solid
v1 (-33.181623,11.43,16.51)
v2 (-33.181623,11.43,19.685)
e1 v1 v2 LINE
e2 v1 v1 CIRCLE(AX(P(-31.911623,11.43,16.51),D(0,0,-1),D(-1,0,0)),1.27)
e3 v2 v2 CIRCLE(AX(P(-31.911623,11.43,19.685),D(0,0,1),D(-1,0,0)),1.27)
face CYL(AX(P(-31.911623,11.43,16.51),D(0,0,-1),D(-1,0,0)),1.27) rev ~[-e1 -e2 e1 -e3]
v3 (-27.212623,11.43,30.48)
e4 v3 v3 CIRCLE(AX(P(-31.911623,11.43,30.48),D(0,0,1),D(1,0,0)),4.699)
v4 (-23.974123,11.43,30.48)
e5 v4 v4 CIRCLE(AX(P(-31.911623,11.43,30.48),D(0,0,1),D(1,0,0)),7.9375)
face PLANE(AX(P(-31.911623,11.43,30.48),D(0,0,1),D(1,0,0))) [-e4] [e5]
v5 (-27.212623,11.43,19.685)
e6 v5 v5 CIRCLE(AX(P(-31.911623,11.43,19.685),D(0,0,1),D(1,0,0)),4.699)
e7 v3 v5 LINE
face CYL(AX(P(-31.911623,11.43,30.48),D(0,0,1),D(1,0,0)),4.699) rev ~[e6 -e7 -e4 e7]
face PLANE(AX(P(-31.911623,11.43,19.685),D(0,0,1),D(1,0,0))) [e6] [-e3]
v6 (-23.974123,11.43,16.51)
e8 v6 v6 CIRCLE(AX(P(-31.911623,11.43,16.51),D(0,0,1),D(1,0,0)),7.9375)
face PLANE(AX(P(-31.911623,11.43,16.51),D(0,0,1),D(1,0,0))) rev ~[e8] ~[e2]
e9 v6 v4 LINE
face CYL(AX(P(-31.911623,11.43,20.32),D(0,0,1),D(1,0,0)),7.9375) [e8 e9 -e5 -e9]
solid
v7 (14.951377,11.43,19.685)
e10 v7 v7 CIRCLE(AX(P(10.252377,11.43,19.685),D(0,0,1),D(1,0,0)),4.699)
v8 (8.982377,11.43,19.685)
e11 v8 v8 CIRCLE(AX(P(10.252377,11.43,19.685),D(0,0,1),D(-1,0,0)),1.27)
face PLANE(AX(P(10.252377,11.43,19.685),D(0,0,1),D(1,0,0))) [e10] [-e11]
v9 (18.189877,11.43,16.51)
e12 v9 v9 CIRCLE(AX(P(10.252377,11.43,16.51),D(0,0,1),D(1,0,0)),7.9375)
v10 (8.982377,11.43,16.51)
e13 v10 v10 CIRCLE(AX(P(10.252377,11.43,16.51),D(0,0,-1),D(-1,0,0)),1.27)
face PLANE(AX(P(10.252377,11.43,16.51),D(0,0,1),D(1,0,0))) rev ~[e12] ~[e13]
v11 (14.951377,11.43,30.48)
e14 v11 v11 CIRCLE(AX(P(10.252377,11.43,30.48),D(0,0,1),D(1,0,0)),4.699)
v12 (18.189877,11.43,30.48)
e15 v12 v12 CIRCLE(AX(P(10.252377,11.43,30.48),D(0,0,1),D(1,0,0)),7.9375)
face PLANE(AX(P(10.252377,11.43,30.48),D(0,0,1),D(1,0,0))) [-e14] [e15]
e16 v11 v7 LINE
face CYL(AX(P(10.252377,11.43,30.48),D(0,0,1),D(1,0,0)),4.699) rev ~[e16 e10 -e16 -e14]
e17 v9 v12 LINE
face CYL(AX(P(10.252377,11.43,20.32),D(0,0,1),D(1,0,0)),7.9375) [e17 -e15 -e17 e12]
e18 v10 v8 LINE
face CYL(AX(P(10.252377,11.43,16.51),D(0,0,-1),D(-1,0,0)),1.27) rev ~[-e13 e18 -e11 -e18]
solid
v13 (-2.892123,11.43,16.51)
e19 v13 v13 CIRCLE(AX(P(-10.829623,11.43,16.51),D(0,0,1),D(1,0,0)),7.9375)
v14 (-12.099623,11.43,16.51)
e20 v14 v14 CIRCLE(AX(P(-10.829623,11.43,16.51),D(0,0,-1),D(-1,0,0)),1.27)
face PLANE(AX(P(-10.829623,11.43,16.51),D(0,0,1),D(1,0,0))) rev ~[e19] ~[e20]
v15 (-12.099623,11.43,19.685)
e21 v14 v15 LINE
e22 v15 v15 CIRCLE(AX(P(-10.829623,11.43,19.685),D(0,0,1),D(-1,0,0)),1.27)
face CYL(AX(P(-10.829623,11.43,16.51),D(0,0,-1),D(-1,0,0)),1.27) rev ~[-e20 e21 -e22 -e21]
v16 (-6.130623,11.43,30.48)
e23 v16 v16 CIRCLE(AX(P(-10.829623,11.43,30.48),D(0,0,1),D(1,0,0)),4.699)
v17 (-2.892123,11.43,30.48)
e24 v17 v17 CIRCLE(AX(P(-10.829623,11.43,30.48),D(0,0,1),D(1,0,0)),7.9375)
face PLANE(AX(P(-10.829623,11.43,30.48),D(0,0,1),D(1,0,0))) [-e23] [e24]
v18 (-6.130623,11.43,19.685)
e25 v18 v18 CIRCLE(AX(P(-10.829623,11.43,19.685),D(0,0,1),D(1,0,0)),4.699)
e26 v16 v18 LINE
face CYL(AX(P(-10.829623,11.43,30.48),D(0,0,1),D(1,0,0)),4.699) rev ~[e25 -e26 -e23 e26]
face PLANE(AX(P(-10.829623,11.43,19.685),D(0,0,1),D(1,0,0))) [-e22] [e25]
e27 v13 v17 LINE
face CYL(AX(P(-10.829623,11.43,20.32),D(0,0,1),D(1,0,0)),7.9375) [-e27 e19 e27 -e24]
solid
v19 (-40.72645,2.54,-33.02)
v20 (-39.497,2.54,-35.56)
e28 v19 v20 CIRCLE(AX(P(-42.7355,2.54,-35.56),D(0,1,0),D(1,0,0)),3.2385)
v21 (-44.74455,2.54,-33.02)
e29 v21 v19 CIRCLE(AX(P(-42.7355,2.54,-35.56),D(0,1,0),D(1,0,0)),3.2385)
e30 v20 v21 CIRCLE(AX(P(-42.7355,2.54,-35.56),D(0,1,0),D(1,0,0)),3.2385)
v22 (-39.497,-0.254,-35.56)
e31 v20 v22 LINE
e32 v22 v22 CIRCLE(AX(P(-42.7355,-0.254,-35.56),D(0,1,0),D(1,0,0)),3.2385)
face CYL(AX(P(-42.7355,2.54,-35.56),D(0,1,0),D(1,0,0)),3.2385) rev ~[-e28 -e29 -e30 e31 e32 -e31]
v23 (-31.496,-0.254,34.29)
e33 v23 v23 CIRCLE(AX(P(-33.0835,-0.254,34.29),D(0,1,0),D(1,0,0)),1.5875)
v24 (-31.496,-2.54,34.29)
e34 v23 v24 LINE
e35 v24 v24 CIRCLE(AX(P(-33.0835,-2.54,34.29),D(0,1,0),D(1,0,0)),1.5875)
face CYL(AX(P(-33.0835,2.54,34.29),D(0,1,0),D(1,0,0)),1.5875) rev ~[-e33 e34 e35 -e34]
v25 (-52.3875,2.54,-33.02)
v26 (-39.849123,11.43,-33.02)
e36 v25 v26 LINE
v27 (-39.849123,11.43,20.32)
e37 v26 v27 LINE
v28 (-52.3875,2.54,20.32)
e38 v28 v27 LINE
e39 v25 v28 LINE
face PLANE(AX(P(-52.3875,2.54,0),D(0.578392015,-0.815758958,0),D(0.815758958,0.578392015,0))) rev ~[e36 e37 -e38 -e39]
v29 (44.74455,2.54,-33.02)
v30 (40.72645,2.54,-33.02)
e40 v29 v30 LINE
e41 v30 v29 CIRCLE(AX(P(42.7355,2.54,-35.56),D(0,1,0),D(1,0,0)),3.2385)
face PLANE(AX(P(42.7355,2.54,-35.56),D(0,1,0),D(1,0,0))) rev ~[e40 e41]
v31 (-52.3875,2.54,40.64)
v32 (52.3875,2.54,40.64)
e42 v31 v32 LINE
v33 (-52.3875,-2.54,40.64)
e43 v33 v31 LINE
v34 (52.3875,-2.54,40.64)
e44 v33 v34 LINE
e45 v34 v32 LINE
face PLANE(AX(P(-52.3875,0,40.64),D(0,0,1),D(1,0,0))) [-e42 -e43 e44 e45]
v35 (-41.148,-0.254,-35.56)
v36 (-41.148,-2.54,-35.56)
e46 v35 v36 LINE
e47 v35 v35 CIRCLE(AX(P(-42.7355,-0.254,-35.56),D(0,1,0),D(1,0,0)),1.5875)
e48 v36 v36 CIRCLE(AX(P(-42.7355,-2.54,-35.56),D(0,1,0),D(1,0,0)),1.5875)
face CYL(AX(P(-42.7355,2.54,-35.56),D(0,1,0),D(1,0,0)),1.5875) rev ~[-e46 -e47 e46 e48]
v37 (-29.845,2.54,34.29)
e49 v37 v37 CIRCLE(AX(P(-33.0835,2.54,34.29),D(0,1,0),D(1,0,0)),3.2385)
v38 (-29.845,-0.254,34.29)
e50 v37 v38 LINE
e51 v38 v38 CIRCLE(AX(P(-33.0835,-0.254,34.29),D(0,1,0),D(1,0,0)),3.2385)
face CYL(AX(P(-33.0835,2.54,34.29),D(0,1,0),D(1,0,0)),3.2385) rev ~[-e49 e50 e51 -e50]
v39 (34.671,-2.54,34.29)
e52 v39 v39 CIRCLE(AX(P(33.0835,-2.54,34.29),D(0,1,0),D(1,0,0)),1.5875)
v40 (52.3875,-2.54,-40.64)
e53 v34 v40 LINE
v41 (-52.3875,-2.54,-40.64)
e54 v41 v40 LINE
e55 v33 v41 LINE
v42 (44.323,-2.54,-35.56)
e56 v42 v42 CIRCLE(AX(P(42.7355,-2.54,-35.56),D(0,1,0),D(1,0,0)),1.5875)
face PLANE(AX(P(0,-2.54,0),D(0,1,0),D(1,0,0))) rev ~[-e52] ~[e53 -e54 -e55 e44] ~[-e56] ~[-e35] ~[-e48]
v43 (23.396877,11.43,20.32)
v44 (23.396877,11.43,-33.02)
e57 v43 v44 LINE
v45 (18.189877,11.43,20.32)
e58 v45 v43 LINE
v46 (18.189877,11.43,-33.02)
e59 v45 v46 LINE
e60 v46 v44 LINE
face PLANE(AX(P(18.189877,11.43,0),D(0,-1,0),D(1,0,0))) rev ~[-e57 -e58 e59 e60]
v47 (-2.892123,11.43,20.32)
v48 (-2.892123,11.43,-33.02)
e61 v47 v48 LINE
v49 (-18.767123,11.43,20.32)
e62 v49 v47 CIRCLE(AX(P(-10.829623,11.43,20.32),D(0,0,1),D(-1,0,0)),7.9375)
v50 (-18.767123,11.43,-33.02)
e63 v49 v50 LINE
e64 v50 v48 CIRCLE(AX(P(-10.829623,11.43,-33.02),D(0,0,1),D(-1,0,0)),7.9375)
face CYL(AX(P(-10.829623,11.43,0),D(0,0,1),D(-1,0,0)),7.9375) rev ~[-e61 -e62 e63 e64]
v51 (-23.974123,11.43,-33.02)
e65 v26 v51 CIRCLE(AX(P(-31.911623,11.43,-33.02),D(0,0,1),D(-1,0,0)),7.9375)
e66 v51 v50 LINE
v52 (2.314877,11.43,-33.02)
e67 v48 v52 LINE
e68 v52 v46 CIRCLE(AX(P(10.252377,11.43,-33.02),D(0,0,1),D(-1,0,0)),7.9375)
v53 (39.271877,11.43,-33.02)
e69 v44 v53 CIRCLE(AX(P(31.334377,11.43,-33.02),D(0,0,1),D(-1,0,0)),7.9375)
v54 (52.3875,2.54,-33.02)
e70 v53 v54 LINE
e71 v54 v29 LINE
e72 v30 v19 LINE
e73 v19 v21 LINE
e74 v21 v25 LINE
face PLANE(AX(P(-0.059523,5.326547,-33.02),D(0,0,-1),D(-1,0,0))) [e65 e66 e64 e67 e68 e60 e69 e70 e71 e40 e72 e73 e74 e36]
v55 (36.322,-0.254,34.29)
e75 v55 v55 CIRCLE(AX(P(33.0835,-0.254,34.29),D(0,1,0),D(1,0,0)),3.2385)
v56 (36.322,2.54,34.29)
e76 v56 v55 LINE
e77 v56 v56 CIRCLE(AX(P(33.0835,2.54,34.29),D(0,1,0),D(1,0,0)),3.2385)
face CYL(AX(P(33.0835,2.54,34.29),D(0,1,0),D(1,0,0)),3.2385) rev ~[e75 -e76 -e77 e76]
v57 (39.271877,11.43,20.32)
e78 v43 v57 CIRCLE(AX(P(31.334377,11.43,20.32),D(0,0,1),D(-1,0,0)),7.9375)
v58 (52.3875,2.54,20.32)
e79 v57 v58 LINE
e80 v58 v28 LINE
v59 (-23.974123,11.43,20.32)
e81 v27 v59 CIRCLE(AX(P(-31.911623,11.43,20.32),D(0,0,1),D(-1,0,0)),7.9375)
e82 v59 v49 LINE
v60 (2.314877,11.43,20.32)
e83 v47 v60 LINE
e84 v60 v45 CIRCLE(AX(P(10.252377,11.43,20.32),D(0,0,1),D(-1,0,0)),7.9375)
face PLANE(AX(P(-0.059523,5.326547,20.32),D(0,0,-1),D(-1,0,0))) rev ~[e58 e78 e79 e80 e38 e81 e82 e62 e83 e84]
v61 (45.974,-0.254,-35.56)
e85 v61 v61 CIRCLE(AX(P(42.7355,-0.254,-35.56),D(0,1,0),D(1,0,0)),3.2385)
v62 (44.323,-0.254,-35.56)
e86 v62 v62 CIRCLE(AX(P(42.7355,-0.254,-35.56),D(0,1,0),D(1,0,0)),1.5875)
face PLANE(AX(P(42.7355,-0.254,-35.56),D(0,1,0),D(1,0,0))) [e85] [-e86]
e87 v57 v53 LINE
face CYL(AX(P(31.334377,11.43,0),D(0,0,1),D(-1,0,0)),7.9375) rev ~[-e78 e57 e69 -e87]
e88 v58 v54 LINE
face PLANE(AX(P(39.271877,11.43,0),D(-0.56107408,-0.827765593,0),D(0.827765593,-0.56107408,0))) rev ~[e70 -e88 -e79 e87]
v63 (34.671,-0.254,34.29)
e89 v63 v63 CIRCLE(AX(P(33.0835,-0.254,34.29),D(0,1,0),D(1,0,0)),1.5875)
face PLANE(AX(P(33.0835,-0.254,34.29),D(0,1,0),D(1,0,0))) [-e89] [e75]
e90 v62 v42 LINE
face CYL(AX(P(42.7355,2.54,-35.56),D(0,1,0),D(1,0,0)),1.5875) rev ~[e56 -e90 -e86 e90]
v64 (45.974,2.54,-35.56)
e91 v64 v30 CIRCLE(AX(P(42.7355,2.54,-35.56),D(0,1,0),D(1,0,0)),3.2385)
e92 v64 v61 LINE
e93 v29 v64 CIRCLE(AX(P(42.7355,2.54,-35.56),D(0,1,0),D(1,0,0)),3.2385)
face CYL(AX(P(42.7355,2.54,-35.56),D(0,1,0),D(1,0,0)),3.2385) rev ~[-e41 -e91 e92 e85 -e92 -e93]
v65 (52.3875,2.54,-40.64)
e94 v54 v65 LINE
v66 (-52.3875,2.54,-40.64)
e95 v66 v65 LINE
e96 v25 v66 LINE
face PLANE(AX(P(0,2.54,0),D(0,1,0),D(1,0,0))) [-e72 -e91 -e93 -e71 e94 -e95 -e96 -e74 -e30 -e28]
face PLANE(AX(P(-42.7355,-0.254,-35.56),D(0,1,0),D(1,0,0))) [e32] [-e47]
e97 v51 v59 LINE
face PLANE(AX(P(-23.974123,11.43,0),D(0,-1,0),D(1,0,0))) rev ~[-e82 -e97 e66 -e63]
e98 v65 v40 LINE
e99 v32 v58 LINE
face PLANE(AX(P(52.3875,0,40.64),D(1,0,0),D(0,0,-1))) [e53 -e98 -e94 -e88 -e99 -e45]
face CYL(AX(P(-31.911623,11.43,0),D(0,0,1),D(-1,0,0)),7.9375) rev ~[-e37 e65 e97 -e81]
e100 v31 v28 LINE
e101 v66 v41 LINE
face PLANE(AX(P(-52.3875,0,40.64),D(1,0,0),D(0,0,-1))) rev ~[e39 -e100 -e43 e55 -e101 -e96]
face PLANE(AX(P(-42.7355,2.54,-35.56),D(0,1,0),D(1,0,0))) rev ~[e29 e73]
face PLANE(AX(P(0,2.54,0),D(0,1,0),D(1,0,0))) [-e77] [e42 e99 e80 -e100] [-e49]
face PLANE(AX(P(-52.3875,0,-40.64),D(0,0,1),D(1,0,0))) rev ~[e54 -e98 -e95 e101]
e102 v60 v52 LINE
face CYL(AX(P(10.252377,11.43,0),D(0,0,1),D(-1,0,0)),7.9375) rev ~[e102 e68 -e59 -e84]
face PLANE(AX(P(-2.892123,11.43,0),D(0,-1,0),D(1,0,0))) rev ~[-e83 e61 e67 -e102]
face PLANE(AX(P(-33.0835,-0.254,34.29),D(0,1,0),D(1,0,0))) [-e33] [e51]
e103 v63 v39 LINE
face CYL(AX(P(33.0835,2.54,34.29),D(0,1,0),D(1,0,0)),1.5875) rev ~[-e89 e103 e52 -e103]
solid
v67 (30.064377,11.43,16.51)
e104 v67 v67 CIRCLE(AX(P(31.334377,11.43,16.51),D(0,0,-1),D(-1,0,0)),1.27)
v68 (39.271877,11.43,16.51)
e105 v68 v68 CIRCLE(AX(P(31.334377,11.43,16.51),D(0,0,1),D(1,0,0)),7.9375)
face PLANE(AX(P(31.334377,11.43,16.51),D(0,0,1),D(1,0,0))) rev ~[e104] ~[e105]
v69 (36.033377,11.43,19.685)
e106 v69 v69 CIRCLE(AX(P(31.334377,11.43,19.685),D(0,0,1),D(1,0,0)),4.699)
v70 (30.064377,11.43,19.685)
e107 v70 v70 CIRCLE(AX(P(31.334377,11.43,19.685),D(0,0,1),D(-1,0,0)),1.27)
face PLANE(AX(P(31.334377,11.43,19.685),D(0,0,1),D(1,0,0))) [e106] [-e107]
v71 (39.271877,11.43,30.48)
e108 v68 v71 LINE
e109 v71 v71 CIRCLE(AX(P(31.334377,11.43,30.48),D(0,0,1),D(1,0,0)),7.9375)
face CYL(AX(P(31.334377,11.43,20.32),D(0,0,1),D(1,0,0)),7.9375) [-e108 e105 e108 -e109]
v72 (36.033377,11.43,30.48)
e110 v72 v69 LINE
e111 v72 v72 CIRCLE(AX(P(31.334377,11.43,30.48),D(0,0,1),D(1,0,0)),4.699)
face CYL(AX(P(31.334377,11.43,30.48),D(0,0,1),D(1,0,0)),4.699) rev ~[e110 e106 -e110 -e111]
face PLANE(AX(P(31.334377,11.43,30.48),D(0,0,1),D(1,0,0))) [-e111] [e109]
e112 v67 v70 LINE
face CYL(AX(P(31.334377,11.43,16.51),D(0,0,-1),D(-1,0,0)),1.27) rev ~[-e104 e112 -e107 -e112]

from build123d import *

# Parameters (mm, degrees)
SKETCH1_W                  = 104.775
SKETCH1_H                  = 81.28
BOSS_EXTRUDE1_DEPTH        = 2.54
CUT_EXTRUDE1_REACH         = 7.08
SKETCH2_R                  = 1.5875
BOSS_EXTRUDE7_DEPTH        = 20.32
BOSS_EXTRUDE7_DEPTH_BACK   = 33.02
SKETCH8_R                  = 7.9375
BOSS_EXTRUDE8_DEPTH        = 10.16
BOSS_EXTRUDE8_DEPTH_BACK   = 3.81
BOSS_EXTRUDE8_2_DEPTH      = 10.16
BOSS_EXTRUDE8_2_DEPTH_BACK = 3.81
BOSS_EXTRUDE8_3_DEPTH      = 10.16
BOSS_EXTRUDE8_3_DEPTH_BACK = 3.81
BOSS_EXTRUDE8_4_DEPTH      = 10.16
BOSS_EXTRUDE8_4_DEPTH_BACK = 3.81
SKETCH11_R                 = 3.2385
CUT_EXTRUDE4_DEPTH         = 2.794
SKETCH9_R                  = 1.27
CUT_EXTRUDE2_DEPTH         = 13.97
SKETCH10_R                 = 4.699
SKETCH10_R_2               = 1.27
CUT_EXTRUDE3_DEPTH         = 10.795


with BuildPart() as part:
    # Sketch1 → Boss-Extrude1 (new body, symmetric)
    with BuildSketch(Plane(origin=(0, 0, 0), x_dir=(1, 0, 0), z_dir=(0, 1, 0))):
        Rectangle(SKETCH1_W, SKETCH1_H)
    extrude(amount=BOSS_EXTRUDE1_DEPTH, both=True)

    # Sketch2 → Cut-Extrude1 (cut, up to next)
    with BuildSketch(Plane(origin=(0, 2.54, 0), x_dir=(1, 0, 0), z_dir=(0, 1, 0)), mode=Mode.PRIVATE) as cut_extrude1_sk1:
        with Locations((-33.0835, -34.29)):
            Circle(SKETCH2_R)
    cut_extrude1_tool1 = extrude(cut_extrude1_sk1.sketch, amount=-CUT_EXTRUDE1_REACH, mode=Mode.PRIVATE) & part.part
    add(cut_extrude1_tool1.solids().sort_by_distance((-33.0835, 2.54, 34.29))[0], mode=Mode.SUBTRACT)
    # Sketch2 → Cut-Extrude1 (cut, up to next)
    with BuildSketch(Plane(origin=(0, 2.54, 0), x_dir=(1, 0, 0), z_dir=(0, 1, 0)), mode=Mode.PRIVATE) as cut_extrude1_sk2:
        with Locations((33.0835, -34.29)):
            Circle(SKETCH2_R)
    cut_extrude1_tool2 = extrude(cut_extrude1_sk2.sketch, amount=-CUT_EXTRUDE1_REACH, mode=Mode.PRIVATE) & part.part
    add(cut_extrude1_tool2.solids().sort_by_distance((33.0835, 2.54, 34.29))[0], mode=Mode.SUBTRACT)
    # Sketch2 → Cut-Extrude1 (cut, up to next)
    with BuildSketch(Plane(origin=(0, 2.54, 0), x_dir=(1, 0, 0), z_dir=(0, 1, 0)), mode=Mode.PRIVATE) as cut_extrude1_sk3:
        with Locations((42.7355, 35.56)):
            Circle(SKETCH2_R)
    cut_extrude1_tool3 = extrude(cut_extrude1_sk3.sketch, amount=-CUT_EXTRUDE1_REACH, mode=Mode.PRIVATE) & part.part
    add(cut_extrude1_tool3.solids().sort_by_distance((42.7355, 2.54, -35.56))[0], mode=Mode.SUBTRACT)
    # Sketch2 → Cut-Extrude1 (cut, up to next)
    with BuildSketch(Plane(origin=(0, 2.54, 0), x_dir=(1, 0, 0), z_dir=(0, 1, 0)), mode=Mode.PRIVATE) as cut_extrude1_sk4:
        with Locations((-42.7355, 35.56)):
            Circle(SKETCH2_R)
    cut_extrude1_tool4 = extrude(cut_extrude1_sk4.sketch, amount=-CUT_EXTRUDE1_REACH, mode=Mode.PRIVATE) & part.part
    add(cut_extrude1_tool4.solids().sort_by_distance((-42.7355, 2.54, -35.56))[0], mode=Mode.SUBTRACT)

    # Sketch7 → Boss-Extrude7 (add, two sides)
    with BuildSketch(Plane.XY) as boss_extrude7_sk:
        with BuildLine():
            Line((-23.974123011, 11.43), (-18.767123011, 11.43))
            ThreePointArc((-18.767123011, 11.43), (-10.829623011, 3.4925), (-2.892123011, 11.43))
            Line((-2.892123011, 11.43), (2.314876989, 11.43))
            ThreePointArc((2.314876989, 11.43), (10.252376989, 3.4925), (18.189876989, 11.43))
            Line((18.189876989, 11.43), (23.396876989, 11.43))
            ThreePointArc((23.396876989, 11.43), (31.334376989, 3.4925), (39.271876989, 11.43))
            Line((39.271876989, 11.43), (52.3875, 2.54))
            Line((52.3875, 2.54), (-52.3875, 2.54))
            Line((-52.3875, 2.54), (-39.849123011, 11.43))
            ThreePointArc((-39.849123011, 11.43), (-31.911623011, 3.4925), (-23.974123011, 11.43))
        make_face()
    extrude(amount=BOSS_EXTRUDE7_DEPTH)
    extrude(boss_extrude7_sk.sketch, amount=-BOSS_EXTRUDE7_DEPTH_BACK)

    # Sketch11 → Cut-Extrude4 (cut)
    with BuildSketch(Plane(origin=(0, 2.54, 0), x_dir=(1, 0, 0), z_dir=(0, 1, 0))):
        with Locations((-33.0835, -34.29)):
            Circle(SKETCH11_R)
        with Locations((33.0835, -34.29)):
            Circle(SKETCH11_R)
        with Locations((42.7355, 35.56)):
            Circle(SKETCH11_R)
        with Locations((-42.7355, 35.56)):
            Circle(SKETCH11_R)
    extrude(amount=-CUT_EXTRUDE4_DEPTH, mode=Mode.SUBTRACT)


with BuildPart() as body_2:
    # Sketch8 → Boss-Extrude8 (new body, two sides)
    with BuildSketch(Plane.XY.offset(20.32)) as boss_extrude8_sk:
        with Locations((-31.911623011, 11.43)):
            Circle(SKETCH8_R)
    extrude(amount=BOSS_EXTRUDE8_DEPTH)
    extrude(boss_extrude8_sk.sketch, amount=-BOSS_EXTRUDE8_DEPTH_BACK)


with BuildPart() as body_3:
    # Sketch8 → Boss-Extrude8 2 (new body, two sides)
    with BuildSketch(Plane.XY.offset(20.32)) as boss_extrude8_2_sk:
        with Locations((-10.829623011, 11.43)):
            Circle(SKETCH8_R)
    extrude(amount=BOSS_EXTRUDE8_2_DEPTH)
    extrude(boss_extrude8_2_sk.sketch, amount=-BOSS_EXTRUDE8_2_DEPTH_BACK)


with BuildPart() as body_4:
    # Sketch8 → Boss-Extrude8 3 (new body, two sides)
    with BuildSketch(Plane.XY.offset(20.32)) as boss_extrude8_3_sk:
        with Locations((10.252376989, 11.43)):
            Circle(SKETCH8_R)
    extrude(amount=BOSS_EXTRUDE8_3_DEPTH)
    extrude(boss_extrude8_3_sk.sketch, amount=-BOSS_EXTRUDE8_3_DEPTH_BACK)


with BuildPart() as body_5:
    # Sketch8 → Boss-Extrude8 4 (new body, two sides)
    with BuildSketch(Plane.XY.offset(20.32)) as boss_extrude8_4_sk:
        with Locations((31.334376989, 11.43)):
            Circle(SKETCH8_R)
    extrude(amount=BOSS_EXTRUDE8_4_DEPTH)
    extrude(boss_extrude8_4_sk.sketch, amount=-BOSS_EXTRUDE8_4_DEPTH_BACK)


with BuildPart() as cut_extrude2_tool:
    # Sketch9 → Cut-Extrude2 (new body)
    with BuildSketch(Plane(origin=(0, 0, 16.51), x_dir=(-1, 0, 0), z_dir=(0, 0, -1))):
        with Locations((-31.334376989, 11.43)):
            Circle(SKETCH9_R)
        with Locations((-10.252376989, 11.43)):
            Circle(SKETCH9_R)
        with Locations((10.829623011, 11.43)):
            Circle(SKETCH9_R)
        with Locations((31.911623011, 11.43)):
            Circle(SKETCH9_R)
    extrude(amount=-CUT_EXTRUDE2_DEPTH)


with BuildPart() as body_2_1:
    add(body_2.part)

    # Cut-Extrude2: cut by cut_extrude2_tool
    add(cut_extrude2_tool.part, mode=Mode.SUBTRACT)


with BuildPart() as body_3_1:
    add(body_3.part)

    # Cut-Extrude2: cut by cut_extrude2_tool
    add(cut_extrude2_tool.part, mode=Mode.SUBTRACT)


with BuildPart() as body_4_1:
    add(body_4.part)

    # Cut-Extrude2: cut by cut_extrude2_tool
    add(cut_extrude2_tool.part, mode=Mode.SUBTRACT)


with BuildPart() as body_5_1:
    add(body_5.part)

    # Cut-Extrude2: cut by cut_extrude2_tool
    add(cut_extrude2_tool.part, mode=Mode.SUBTRACT)


with BuildPart() as cut_extrude3_tool:
    # Sketch10 → Cut-Extrude3 (new body)
    with BuildSketch(Plane.XY.offset(30.48)):
        with Locations((-31.911623011, 11.43)):
            Circle(SKETCH10_R)
        with Locations((-31.911623011, 11.43)):
            Circle(SKETCH10_R_2, mode=Mode.SUBTRACT)
        with Locations((-10.829623011, 11.43)):
            Circle(SKETCH10_R)
        with Locations((-10.829623011, 11.43)):
            Circle(SKETCH10_R_2, mode=Mode.SUBTRACT)
        with Locations((10.252376989, 11.43)):
            Circle(SKETCH10_R)
        with Locations((10.252376989, 11.43)):
            Circle(SKETCH10_R_2, mode=Mode.SUBTRACT)
        with Locations((31.334376989, 11.43)):
            Circle(SKETCH10_R)
        with Locations((31.334376989, 11.43)):
            Circle(SKETCH10_R_2, mode=Mode.SUBTRACT)
    extrude(amount=-CUT_EXTRUDE3_DEPTH)


with BuildPart() as body_2_2:
    add(body_2_1.part)

    # Cut-Extrude3: cut by cut_extrude3_tool
    add(cut_extrude3_tool.part, mode=Mode.SUBTRACT)


with BuildPart() as body_3_2:
    add(body_3_1.part)

    # Cut-Extrude3: cut by cut_extrude3_tool
    add(cut_extrude3_tool.part, mode=Mode.SUBTRACT)


with BuildPart() as body_4_2:
    add(body_4_1.part)

    # Cut-Extrude3: cut by cut_extrude3_tool
    add(cut_extrude3_tool.part, mode=Mode.SUBTRACT)


with BuildPart() as body_5_2:
    add(body_5_1.part)

    # Cut-Extrude3: cut by cut_extrude3_tool
    add(cut_extrude3_tool.part, mode=Mode.SUBTRACT)


solid = Compound([part.part, body_2_2.part, body_3_2.part, body_4_2.part, body_5_2.part])
